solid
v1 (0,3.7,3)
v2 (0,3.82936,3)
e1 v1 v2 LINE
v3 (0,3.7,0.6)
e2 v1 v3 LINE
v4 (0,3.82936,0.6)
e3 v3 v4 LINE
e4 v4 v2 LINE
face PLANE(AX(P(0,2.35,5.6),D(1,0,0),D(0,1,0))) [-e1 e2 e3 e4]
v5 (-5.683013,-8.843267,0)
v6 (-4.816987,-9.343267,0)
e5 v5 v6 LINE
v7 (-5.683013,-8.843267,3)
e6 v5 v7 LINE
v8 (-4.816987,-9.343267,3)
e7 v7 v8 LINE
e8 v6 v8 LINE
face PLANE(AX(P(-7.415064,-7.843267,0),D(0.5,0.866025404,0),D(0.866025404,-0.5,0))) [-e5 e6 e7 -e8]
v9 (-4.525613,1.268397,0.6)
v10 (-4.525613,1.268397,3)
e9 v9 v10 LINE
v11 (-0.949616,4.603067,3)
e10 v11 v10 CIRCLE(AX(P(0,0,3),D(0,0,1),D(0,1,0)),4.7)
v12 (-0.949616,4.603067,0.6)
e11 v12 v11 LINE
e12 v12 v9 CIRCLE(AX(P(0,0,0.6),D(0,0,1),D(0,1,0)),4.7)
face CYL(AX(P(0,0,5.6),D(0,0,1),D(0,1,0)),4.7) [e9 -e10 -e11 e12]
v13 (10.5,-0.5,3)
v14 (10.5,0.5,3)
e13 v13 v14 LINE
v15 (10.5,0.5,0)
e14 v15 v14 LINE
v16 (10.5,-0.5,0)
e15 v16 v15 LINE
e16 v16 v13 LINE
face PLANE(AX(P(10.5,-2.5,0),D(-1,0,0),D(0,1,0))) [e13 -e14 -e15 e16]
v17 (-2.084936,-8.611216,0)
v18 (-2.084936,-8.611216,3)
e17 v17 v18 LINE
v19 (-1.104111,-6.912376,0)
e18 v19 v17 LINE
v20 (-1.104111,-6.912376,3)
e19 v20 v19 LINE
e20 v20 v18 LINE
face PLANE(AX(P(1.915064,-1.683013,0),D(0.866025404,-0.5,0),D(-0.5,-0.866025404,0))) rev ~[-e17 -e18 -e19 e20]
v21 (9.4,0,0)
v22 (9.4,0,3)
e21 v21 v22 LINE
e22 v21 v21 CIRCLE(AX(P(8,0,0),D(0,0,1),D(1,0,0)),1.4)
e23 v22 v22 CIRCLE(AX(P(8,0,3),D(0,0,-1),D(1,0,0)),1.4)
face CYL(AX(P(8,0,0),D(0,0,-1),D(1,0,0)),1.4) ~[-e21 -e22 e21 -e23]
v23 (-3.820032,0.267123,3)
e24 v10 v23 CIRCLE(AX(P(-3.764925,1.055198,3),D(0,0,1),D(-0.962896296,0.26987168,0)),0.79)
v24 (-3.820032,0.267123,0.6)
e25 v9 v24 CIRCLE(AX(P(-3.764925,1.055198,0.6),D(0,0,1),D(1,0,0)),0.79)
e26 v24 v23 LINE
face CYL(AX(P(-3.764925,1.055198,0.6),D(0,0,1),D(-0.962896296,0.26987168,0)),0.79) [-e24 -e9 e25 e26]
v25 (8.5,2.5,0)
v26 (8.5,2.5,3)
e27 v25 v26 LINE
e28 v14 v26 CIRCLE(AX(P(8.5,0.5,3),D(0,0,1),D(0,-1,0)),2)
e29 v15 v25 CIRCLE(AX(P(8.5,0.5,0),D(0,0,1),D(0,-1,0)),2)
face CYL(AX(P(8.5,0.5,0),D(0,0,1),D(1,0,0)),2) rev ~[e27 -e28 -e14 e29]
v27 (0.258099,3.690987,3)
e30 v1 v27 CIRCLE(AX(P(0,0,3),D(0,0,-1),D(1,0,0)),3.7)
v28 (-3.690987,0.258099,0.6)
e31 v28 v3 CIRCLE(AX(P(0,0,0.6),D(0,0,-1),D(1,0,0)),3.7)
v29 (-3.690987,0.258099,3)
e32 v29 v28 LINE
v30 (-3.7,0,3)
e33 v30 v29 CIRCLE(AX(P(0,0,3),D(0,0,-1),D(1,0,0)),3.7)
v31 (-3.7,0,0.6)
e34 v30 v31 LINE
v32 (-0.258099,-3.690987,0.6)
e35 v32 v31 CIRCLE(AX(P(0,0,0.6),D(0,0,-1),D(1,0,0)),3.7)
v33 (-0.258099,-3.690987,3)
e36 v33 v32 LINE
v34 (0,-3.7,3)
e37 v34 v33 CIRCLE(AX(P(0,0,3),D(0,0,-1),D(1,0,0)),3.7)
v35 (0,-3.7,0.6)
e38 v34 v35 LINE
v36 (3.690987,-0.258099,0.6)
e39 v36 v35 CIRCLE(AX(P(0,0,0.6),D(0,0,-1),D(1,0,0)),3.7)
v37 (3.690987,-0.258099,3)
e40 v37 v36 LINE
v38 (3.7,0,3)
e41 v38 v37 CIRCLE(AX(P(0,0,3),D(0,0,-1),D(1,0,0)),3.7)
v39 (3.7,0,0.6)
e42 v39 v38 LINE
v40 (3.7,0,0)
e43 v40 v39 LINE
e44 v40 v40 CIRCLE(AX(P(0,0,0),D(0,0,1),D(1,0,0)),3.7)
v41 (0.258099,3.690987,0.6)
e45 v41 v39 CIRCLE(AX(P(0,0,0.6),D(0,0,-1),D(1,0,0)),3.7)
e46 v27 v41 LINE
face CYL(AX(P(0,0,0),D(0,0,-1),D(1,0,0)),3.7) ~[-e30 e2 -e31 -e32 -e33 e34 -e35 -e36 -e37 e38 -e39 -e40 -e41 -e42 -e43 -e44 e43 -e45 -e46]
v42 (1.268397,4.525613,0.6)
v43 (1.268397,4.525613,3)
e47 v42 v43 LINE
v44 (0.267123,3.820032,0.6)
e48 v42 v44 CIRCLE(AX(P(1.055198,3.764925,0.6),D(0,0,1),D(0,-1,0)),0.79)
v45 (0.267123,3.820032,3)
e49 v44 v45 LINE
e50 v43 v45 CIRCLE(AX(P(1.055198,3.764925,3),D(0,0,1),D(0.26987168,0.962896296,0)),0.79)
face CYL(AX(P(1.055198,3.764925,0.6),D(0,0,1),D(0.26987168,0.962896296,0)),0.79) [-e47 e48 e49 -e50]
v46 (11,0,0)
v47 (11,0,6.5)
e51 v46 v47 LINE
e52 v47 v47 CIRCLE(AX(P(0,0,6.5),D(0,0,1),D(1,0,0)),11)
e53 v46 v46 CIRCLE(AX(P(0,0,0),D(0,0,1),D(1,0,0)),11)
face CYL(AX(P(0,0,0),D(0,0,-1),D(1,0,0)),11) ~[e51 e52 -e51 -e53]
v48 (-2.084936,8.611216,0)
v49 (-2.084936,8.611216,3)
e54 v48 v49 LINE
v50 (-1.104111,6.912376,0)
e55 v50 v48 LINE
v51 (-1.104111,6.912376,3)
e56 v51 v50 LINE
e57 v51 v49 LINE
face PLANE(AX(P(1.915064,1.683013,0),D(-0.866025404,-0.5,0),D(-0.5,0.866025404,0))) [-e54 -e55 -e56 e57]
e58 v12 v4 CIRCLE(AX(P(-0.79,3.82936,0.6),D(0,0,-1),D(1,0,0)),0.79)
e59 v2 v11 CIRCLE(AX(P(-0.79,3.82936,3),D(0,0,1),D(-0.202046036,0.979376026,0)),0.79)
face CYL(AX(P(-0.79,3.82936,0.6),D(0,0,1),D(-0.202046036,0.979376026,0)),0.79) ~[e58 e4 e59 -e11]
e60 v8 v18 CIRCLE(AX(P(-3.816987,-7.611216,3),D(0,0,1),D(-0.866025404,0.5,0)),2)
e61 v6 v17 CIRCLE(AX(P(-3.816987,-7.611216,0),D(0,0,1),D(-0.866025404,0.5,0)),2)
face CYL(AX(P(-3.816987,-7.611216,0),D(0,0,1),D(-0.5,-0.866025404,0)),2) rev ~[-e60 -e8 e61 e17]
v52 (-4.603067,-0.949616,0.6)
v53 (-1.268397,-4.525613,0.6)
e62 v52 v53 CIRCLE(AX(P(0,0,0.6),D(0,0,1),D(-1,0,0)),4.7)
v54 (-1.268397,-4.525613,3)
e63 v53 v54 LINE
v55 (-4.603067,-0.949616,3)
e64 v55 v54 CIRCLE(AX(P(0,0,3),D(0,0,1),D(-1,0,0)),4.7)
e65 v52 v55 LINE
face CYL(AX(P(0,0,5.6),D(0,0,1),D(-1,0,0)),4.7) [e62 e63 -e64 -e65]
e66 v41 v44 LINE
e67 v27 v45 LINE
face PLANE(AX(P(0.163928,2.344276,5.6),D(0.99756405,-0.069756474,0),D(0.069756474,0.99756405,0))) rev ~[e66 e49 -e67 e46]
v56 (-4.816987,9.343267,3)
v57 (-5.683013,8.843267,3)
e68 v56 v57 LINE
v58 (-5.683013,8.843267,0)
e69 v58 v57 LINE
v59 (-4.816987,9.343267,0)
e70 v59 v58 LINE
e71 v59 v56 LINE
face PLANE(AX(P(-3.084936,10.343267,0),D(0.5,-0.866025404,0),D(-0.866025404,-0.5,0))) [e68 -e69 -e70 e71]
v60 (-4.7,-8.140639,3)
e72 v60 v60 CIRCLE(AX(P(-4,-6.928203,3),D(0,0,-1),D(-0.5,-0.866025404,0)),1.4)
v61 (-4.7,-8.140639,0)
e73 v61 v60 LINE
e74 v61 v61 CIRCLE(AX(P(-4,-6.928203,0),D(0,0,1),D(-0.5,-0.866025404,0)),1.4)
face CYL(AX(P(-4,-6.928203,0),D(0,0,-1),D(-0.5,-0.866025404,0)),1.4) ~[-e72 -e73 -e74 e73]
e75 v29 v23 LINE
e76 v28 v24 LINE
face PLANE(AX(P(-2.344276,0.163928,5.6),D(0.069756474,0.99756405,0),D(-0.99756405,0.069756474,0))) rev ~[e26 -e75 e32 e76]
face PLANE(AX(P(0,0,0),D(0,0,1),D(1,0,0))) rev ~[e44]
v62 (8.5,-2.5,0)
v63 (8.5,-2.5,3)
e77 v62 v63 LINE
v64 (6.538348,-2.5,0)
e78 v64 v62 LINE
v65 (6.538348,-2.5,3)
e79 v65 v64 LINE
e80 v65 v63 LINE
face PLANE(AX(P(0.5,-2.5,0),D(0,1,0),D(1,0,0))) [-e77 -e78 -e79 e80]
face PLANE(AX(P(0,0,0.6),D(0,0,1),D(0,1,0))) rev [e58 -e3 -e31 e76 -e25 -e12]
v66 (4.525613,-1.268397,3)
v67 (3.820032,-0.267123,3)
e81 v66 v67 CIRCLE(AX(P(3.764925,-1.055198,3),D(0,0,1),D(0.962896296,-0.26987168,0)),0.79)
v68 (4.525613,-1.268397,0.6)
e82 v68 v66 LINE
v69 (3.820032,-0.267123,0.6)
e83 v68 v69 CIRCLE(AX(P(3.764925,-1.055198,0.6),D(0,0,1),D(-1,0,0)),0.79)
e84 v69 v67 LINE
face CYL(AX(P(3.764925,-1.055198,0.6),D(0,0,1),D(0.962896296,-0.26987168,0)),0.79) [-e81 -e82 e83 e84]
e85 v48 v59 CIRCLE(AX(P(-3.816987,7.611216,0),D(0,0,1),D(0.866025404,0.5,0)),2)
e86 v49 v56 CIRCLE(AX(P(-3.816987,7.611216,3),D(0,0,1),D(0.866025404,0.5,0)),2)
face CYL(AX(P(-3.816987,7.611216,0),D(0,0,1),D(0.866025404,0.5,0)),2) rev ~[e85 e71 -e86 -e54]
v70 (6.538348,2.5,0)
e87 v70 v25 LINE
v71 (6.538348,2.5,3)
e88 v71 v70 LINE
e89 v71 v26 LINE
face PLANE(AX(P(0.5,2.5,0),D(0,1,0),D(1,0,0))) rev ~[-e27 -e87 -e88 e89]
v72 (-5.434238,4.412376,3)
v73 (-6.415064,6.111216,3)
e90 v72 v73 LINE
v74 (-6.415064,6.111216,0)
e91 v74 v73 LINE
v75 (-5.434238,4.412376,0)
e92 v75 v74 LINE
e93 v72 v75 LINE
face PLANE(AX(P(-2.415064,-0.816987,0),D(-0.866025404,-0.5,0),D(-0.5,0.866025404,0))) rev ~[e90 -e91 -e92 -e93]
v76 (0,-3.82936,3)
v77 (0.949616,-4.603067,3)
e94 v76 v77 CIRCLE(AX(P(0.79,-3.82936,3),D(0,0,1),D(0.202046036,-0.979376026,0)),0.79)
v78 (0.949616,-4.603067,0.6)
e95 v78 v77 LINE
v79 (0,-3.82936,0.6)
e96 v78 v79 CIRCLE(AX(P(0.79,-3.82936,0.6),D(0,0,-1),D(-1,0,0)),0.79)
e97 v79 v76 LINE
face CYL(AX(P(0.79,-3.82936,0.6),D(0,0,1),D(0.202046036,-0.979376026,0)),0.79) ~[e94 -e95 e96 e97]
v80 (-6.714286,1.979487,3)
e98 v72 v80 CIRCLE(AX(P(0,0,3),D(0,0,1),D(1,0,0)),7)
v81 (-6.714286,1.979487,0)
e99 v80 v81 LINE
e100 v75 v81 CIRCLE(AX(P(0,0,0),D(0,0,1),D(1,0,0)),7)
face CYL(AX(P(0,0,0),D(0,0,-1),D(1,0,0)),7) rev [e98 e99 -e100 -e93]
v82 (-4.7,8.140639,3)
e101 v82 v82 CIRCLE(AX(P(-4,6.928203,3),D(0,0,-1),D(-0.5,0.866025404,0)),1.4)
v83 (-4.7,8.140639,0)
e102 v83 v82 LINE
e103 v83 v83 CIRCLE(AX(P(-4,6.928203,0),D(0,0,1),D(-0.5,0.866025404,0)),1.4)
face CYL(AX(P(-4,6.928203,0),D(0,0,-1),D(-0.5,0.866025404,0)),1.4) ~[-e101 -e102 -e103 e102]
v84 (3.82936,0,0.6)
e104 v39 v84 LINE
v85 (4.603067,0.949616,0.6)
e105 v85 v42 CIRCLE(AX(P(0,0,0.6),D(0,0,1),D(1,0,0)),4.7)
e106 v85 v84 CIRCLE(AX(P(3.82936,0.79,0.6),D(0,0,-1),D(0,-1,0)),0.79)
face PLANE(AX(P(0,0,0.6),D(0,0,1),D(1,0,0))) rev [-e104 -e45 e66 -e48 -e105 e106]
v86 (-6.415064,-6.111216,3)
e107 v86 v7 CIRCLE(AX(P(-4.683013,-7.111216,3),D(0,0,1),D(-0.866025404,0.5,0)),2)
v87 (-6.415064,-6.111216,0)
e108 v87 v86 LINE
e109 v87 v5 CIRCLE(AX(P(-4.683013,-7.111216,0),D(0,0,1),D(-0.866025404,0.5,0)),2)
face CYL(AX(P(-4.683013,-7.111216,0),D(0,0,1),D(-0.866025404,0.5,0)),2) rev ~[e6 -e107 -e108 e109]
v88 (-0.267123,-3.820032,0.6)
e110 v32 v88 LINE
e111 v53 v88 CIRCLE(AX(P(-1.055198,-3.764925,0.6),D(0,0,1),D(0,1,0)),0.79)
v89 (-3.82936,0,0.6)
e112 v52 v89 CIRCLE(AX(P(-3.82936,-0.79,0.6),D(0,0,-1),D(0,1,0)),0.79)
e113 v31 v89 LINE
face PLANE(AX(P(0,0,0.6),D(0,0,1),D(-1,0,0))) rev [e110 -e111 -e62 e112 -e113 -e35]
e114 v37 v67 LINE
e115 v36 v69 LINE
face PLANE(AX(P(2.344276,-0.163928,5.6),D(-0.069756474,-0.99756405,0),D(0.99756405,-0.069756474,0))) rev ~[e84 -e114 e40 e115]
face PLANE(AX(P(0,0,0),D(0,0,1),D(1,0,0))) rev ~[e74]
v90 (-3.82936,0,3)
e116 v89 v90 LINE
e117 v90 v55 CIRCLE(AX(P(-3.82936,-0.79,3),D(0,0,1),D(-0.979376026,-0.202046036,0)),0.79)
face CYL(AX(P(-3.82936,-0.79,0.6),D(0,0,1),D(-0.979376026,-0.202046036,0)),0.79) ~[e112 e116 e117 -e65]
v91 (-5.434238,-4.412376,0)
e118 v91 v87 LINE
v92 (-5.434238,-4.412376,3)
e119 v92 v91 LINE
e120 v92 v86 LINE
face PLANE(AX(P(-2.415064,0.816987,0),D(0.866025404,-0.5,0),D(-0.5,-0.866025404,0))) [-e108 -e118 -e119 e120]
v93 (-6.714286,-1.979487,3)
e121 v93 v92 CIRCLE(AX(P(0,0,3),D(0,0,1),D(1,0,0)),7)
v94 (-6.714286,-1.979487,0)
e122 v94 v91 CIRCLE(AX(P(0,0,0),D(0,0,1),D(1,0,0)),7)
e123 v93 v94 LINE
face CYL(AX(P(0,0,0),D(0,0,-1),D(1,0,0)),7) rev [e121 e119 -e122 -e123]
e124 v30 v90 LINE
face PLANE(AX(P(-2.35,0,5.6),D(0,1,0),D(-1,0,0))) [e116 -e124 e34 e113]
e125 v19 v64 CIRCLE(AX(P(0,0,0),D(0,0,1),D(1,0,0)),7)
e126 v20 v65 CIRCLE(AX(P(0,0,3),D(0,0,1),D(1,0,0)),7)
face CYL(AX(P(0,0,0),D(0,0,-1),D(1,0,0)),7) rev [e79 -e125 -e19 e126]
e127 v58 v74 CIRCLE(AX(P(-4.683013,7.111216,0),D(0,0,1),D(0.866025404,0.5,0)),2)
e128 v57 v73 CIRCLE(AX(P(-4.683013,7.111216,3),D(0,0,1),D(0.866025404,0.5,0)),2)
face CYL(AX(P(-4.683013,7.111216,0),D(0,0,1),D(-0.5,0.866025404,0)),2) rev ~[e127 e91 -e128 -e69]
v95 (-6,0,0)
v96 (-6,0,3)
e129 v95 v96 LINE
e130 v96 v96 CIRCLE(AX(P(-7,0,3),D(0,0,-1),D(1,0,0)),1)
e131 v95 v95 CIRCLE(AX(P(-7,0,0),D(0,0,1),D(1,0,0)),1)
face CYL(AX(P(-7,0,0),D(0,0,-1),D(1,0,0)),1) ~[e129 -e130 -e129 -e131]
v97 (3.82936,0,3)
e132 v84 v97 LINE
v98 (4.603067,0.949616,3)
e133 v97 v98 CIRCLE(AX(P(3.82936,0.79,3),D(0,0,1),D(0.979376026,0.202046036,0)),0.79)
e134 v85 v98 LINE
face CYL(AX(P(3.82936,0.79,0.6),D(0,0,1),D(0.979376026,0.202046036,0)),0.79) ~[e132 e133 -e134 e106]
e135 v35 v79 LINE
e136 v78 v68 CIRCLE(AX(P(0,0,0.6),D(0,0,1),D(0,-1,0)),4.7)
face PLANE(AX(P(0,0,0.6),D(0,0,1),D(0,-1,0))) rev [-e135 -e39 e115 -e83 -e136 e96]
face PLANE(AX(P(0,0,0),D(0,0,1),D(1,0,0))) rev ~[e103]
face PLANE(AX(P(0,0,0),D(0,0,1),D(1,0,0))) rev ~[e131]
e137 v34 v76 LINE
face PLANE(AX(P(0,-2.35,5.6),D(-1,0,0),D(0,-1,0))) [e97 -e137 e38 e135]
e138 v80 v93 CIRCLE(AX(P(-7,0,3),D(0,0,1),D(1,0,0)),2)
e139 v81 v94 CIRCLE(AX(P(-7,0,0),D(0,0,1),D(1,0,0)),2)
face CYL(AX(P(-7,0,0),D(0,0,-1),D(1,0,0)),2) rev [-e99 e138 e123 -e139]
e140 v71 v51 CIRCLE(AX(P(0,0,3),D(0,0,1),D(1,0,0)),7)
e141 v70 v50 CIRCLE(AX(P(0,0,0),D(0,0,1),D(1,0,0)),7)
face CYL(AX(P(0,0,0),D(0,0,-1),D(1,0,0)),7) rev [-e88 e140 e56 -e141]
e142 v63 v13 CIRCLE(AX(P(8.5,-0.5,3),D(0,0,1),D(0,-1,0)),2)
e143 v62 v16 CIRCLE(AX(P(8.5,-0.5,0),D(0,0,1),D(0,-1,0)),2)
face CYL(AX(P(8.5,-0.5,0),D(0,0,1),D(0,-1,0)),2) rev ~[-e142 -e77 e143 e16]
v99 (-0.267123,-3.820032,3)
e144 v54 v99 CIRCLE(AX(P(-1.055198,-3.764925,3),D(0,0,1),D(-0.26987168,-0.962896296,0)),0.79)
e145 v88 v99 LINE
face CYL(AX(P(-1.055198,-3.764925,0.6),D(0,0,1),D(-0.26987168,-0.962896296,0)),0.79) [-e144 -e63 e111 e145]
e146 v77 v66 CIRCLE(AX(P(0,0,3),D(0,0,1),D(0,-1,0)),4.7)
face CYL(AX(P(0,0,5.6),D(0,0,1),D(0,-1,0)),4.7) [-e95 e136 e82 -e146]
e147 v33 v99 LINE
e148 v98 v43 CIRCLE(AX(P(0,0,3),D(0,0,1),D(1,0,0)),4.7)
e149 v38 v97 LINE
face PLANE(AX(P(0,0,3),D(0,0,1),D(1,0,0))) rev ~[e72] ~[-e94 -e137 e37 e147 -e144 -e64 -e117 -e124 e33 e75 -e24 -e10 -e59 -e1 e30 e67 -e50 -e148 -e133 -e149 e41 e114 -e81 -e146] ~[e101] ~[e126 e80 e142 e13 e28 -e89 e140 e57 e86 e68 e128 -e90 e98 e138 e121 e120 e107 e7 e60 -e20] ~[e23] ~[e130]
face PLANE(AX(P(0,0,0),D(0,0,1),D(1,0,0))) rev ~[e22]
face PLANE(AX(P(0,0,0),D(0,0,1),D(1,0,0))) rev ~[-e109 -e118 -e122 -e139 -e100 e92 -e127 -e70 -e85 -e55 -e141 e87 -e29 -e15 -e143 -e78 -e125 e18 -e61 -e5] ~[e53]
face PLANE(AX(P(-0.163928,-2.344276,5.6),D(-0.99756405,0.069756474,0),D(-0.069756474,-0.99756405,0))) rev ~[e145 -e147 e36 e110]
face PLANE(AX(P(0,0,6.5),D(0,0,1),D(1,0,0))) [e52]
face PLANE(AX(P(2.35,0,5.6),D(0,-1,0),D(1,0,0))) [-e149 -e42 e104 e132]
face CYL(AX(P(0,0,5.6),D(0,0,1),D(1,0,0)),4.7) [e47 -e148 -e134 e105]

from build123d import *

# Parameters (mm, degrees)
CYLINDER040_R     = 1
CYLINDER040_DEPTH = 10
CYLINDER037_R     = 3.7
CYLINDER037_DEPTH = 10
CYLINDER038_W     = 4.7
CYLINDER038_H     = 10
CYLINDER038_ANGLE = 86
FILLET003_R       = 0.79
ARRAY006_COUNT    = 4
CYLINDER036_R     = 1.4
CYLINDER036_DEPTH = 10
ARRAY004_COUNT    = 3
BOX003_W          = 10
BOX003_H          = 5
BOX003_DEPTH      = 3
FILLET002_R       = 2
ARRAY005_COUNT    = 3
CYLINDER035_R     = 7
CYLINDER035_DEPTH = 3
CYLINDER039_R     = 2
CYLINDER039_DEPTH = 3
CYLINDER042_R     = 11
CYLINDER042_DEPTH = 6.5


with BuildPart() as cylinder022:
    # Cylinder040 → Cylinder040 (new body)
    with BuildSketch(Plane(origin=(-7, 0, 0), x_dir=(1, 0, 0), z_dir=(0, 0, 1))):
        Circle(CYLINDER040_R)
    extrude(amount=CYLINDER040_DEPTH)


with BuildPart() as mountplateinnerhole002:
    # Cylinder037 → Cylinder037 (new body)
    with BuildSketch(Plane.XY):
        Circle(CYLINDER037_R)
    extrude(amount=CYLINDER037_DEPTH)


with BuildPart() as array006:
    # Cylinder038 → Cylinder038 (revolve)
    with BuildSketch(Plane(origin=(0, 0, 0.6), x_dir=(1, 0, 0), z_dir=(0, -1, 0))):
        with Locations((2.35, 5)):
            Rectangle(CYLINDER038_W, CYLINDER038_H)
    revolve(axis=Axis((0, 0, 0.6), (0, 0, 1)), revolution_arc=CYLINDER038_ANGLE)

    # Fillet003
    fillet003_edges = [array006.edges().sort_by_distance(p)[0] for p in [
        (0.327855, 4.688551, 5.6),
        (4.7, 0, 5.6),
    ]]
    fillet(fillet003_edges, radius=FILLET003_R)

    # Array006: Array006 ×4 about axis
    array006_axis = Axis((0, 0, 0), (0, 0, 1))


with BuildPart() as array006_1:
    add(array006.part)
    for i in range(1, ARRAY006_COUNT):
        add(array006.part.rotate(array006_axis, i * 360 / ARRAY006_COUNT))


with BuildPart() as fusion011:
    # Cylinder036 → Cylinder036 (new body)
    with BuildSketch(Plane(origin=(8, 0, 0), x_dir=(1, 0, 0), z_dir=(0, 0, 1))):
        Circle(CYLINDER036_R)
    extrude(amount=CYLINDER036_DEPTH)

    # Array004: Fusion011 ×3 about axis
    array004_axis = Axis((0, 0, 0), (0, 0, 1))


with BuildPart() as fusion011_1:
    add(fusion011.part)
    for i in range(1, ARRAY004_COUNT):
        add(fusion011.part.rotate(array004_axis, i * 360 / ARRAY004_COUNT))

    # Fusion011: union Cylinder022, MountPlateInnerHole002, Array006
    add(cylinder022.part)
    add(mountplateinnerhole002.part)
    add(array006_1.part)


with BuildPart() as array005:
    # Box003 → Box003 (new body)
    with BuildSketch(Plane(origin=(0.5, -2.5, 0), x_dir=(1, 0, 0), z_dir=(0, 0, 1))):
        with Locations((5, 2.5)):
            Rectangle(BOX003_W, BOX003_H)
    extrude(amount=BOX003_DEPTH)

    # Fillet002
    fillet002_edges = [array005.edges().sort_by_distance(p)[0] for p in [
        (10.5, -2.5, 1.5),
        (10.5, 2.5, 1.5),
    ]]
    fillet(fillet002_edges, radius=FILLET002_R)

    # Array005: Array005 ×3 about axis
    array005_axis = Axis((0, 0, 0), (0, 0, 1))


with BuildPart() as array005_1:
    add(array005.part)
    for i in range(1, ARRAY005_COUNT):
        add(array005.part.rotate(array005_axis, i * 360 / ARRAY005_COUNT))


with BuildPart() as mountplatebody002:
    # Cylinder035 → Cylinder035 (new body)
    with BuildSketch(Plane.XY):
        Circle(CYLINDER035_R)
    extrude(amount=CYLINDER035_DEPTH)


with BuildPart() as cut011:
    # Cylinder039 → Cylinder039 (new body)
    with BuildSketch(Plane(origin=(-7, 0, 0), x_dir=(1, 0, 0), z_dir=(0, 0, 1))):
        Circle(CYLINDER039_R)
    extrude(amount=CYLINDER039_DEPTH)

    # Fusion010: union Array005, MountPlateBody002
    add(array005_1.part)
    add(mountplatebody002.part)

    # Cut011: cut Fusion011
    add(fusion011_1.part, mode=Mode.SUBTRACT)


with BuildPart() as cut012:
    # Cylinder042 → Cylinder042 (new body)
    with BuildSketch(Plane.XY):
        Circle(CYLINDER042_R)
    extrude(amount=CYLINDER042_DEPTH)

    # Cut012: cut Cut011
    add(cut011.part, mode=Mode.SUBTRACT)


solid = cut012.part
